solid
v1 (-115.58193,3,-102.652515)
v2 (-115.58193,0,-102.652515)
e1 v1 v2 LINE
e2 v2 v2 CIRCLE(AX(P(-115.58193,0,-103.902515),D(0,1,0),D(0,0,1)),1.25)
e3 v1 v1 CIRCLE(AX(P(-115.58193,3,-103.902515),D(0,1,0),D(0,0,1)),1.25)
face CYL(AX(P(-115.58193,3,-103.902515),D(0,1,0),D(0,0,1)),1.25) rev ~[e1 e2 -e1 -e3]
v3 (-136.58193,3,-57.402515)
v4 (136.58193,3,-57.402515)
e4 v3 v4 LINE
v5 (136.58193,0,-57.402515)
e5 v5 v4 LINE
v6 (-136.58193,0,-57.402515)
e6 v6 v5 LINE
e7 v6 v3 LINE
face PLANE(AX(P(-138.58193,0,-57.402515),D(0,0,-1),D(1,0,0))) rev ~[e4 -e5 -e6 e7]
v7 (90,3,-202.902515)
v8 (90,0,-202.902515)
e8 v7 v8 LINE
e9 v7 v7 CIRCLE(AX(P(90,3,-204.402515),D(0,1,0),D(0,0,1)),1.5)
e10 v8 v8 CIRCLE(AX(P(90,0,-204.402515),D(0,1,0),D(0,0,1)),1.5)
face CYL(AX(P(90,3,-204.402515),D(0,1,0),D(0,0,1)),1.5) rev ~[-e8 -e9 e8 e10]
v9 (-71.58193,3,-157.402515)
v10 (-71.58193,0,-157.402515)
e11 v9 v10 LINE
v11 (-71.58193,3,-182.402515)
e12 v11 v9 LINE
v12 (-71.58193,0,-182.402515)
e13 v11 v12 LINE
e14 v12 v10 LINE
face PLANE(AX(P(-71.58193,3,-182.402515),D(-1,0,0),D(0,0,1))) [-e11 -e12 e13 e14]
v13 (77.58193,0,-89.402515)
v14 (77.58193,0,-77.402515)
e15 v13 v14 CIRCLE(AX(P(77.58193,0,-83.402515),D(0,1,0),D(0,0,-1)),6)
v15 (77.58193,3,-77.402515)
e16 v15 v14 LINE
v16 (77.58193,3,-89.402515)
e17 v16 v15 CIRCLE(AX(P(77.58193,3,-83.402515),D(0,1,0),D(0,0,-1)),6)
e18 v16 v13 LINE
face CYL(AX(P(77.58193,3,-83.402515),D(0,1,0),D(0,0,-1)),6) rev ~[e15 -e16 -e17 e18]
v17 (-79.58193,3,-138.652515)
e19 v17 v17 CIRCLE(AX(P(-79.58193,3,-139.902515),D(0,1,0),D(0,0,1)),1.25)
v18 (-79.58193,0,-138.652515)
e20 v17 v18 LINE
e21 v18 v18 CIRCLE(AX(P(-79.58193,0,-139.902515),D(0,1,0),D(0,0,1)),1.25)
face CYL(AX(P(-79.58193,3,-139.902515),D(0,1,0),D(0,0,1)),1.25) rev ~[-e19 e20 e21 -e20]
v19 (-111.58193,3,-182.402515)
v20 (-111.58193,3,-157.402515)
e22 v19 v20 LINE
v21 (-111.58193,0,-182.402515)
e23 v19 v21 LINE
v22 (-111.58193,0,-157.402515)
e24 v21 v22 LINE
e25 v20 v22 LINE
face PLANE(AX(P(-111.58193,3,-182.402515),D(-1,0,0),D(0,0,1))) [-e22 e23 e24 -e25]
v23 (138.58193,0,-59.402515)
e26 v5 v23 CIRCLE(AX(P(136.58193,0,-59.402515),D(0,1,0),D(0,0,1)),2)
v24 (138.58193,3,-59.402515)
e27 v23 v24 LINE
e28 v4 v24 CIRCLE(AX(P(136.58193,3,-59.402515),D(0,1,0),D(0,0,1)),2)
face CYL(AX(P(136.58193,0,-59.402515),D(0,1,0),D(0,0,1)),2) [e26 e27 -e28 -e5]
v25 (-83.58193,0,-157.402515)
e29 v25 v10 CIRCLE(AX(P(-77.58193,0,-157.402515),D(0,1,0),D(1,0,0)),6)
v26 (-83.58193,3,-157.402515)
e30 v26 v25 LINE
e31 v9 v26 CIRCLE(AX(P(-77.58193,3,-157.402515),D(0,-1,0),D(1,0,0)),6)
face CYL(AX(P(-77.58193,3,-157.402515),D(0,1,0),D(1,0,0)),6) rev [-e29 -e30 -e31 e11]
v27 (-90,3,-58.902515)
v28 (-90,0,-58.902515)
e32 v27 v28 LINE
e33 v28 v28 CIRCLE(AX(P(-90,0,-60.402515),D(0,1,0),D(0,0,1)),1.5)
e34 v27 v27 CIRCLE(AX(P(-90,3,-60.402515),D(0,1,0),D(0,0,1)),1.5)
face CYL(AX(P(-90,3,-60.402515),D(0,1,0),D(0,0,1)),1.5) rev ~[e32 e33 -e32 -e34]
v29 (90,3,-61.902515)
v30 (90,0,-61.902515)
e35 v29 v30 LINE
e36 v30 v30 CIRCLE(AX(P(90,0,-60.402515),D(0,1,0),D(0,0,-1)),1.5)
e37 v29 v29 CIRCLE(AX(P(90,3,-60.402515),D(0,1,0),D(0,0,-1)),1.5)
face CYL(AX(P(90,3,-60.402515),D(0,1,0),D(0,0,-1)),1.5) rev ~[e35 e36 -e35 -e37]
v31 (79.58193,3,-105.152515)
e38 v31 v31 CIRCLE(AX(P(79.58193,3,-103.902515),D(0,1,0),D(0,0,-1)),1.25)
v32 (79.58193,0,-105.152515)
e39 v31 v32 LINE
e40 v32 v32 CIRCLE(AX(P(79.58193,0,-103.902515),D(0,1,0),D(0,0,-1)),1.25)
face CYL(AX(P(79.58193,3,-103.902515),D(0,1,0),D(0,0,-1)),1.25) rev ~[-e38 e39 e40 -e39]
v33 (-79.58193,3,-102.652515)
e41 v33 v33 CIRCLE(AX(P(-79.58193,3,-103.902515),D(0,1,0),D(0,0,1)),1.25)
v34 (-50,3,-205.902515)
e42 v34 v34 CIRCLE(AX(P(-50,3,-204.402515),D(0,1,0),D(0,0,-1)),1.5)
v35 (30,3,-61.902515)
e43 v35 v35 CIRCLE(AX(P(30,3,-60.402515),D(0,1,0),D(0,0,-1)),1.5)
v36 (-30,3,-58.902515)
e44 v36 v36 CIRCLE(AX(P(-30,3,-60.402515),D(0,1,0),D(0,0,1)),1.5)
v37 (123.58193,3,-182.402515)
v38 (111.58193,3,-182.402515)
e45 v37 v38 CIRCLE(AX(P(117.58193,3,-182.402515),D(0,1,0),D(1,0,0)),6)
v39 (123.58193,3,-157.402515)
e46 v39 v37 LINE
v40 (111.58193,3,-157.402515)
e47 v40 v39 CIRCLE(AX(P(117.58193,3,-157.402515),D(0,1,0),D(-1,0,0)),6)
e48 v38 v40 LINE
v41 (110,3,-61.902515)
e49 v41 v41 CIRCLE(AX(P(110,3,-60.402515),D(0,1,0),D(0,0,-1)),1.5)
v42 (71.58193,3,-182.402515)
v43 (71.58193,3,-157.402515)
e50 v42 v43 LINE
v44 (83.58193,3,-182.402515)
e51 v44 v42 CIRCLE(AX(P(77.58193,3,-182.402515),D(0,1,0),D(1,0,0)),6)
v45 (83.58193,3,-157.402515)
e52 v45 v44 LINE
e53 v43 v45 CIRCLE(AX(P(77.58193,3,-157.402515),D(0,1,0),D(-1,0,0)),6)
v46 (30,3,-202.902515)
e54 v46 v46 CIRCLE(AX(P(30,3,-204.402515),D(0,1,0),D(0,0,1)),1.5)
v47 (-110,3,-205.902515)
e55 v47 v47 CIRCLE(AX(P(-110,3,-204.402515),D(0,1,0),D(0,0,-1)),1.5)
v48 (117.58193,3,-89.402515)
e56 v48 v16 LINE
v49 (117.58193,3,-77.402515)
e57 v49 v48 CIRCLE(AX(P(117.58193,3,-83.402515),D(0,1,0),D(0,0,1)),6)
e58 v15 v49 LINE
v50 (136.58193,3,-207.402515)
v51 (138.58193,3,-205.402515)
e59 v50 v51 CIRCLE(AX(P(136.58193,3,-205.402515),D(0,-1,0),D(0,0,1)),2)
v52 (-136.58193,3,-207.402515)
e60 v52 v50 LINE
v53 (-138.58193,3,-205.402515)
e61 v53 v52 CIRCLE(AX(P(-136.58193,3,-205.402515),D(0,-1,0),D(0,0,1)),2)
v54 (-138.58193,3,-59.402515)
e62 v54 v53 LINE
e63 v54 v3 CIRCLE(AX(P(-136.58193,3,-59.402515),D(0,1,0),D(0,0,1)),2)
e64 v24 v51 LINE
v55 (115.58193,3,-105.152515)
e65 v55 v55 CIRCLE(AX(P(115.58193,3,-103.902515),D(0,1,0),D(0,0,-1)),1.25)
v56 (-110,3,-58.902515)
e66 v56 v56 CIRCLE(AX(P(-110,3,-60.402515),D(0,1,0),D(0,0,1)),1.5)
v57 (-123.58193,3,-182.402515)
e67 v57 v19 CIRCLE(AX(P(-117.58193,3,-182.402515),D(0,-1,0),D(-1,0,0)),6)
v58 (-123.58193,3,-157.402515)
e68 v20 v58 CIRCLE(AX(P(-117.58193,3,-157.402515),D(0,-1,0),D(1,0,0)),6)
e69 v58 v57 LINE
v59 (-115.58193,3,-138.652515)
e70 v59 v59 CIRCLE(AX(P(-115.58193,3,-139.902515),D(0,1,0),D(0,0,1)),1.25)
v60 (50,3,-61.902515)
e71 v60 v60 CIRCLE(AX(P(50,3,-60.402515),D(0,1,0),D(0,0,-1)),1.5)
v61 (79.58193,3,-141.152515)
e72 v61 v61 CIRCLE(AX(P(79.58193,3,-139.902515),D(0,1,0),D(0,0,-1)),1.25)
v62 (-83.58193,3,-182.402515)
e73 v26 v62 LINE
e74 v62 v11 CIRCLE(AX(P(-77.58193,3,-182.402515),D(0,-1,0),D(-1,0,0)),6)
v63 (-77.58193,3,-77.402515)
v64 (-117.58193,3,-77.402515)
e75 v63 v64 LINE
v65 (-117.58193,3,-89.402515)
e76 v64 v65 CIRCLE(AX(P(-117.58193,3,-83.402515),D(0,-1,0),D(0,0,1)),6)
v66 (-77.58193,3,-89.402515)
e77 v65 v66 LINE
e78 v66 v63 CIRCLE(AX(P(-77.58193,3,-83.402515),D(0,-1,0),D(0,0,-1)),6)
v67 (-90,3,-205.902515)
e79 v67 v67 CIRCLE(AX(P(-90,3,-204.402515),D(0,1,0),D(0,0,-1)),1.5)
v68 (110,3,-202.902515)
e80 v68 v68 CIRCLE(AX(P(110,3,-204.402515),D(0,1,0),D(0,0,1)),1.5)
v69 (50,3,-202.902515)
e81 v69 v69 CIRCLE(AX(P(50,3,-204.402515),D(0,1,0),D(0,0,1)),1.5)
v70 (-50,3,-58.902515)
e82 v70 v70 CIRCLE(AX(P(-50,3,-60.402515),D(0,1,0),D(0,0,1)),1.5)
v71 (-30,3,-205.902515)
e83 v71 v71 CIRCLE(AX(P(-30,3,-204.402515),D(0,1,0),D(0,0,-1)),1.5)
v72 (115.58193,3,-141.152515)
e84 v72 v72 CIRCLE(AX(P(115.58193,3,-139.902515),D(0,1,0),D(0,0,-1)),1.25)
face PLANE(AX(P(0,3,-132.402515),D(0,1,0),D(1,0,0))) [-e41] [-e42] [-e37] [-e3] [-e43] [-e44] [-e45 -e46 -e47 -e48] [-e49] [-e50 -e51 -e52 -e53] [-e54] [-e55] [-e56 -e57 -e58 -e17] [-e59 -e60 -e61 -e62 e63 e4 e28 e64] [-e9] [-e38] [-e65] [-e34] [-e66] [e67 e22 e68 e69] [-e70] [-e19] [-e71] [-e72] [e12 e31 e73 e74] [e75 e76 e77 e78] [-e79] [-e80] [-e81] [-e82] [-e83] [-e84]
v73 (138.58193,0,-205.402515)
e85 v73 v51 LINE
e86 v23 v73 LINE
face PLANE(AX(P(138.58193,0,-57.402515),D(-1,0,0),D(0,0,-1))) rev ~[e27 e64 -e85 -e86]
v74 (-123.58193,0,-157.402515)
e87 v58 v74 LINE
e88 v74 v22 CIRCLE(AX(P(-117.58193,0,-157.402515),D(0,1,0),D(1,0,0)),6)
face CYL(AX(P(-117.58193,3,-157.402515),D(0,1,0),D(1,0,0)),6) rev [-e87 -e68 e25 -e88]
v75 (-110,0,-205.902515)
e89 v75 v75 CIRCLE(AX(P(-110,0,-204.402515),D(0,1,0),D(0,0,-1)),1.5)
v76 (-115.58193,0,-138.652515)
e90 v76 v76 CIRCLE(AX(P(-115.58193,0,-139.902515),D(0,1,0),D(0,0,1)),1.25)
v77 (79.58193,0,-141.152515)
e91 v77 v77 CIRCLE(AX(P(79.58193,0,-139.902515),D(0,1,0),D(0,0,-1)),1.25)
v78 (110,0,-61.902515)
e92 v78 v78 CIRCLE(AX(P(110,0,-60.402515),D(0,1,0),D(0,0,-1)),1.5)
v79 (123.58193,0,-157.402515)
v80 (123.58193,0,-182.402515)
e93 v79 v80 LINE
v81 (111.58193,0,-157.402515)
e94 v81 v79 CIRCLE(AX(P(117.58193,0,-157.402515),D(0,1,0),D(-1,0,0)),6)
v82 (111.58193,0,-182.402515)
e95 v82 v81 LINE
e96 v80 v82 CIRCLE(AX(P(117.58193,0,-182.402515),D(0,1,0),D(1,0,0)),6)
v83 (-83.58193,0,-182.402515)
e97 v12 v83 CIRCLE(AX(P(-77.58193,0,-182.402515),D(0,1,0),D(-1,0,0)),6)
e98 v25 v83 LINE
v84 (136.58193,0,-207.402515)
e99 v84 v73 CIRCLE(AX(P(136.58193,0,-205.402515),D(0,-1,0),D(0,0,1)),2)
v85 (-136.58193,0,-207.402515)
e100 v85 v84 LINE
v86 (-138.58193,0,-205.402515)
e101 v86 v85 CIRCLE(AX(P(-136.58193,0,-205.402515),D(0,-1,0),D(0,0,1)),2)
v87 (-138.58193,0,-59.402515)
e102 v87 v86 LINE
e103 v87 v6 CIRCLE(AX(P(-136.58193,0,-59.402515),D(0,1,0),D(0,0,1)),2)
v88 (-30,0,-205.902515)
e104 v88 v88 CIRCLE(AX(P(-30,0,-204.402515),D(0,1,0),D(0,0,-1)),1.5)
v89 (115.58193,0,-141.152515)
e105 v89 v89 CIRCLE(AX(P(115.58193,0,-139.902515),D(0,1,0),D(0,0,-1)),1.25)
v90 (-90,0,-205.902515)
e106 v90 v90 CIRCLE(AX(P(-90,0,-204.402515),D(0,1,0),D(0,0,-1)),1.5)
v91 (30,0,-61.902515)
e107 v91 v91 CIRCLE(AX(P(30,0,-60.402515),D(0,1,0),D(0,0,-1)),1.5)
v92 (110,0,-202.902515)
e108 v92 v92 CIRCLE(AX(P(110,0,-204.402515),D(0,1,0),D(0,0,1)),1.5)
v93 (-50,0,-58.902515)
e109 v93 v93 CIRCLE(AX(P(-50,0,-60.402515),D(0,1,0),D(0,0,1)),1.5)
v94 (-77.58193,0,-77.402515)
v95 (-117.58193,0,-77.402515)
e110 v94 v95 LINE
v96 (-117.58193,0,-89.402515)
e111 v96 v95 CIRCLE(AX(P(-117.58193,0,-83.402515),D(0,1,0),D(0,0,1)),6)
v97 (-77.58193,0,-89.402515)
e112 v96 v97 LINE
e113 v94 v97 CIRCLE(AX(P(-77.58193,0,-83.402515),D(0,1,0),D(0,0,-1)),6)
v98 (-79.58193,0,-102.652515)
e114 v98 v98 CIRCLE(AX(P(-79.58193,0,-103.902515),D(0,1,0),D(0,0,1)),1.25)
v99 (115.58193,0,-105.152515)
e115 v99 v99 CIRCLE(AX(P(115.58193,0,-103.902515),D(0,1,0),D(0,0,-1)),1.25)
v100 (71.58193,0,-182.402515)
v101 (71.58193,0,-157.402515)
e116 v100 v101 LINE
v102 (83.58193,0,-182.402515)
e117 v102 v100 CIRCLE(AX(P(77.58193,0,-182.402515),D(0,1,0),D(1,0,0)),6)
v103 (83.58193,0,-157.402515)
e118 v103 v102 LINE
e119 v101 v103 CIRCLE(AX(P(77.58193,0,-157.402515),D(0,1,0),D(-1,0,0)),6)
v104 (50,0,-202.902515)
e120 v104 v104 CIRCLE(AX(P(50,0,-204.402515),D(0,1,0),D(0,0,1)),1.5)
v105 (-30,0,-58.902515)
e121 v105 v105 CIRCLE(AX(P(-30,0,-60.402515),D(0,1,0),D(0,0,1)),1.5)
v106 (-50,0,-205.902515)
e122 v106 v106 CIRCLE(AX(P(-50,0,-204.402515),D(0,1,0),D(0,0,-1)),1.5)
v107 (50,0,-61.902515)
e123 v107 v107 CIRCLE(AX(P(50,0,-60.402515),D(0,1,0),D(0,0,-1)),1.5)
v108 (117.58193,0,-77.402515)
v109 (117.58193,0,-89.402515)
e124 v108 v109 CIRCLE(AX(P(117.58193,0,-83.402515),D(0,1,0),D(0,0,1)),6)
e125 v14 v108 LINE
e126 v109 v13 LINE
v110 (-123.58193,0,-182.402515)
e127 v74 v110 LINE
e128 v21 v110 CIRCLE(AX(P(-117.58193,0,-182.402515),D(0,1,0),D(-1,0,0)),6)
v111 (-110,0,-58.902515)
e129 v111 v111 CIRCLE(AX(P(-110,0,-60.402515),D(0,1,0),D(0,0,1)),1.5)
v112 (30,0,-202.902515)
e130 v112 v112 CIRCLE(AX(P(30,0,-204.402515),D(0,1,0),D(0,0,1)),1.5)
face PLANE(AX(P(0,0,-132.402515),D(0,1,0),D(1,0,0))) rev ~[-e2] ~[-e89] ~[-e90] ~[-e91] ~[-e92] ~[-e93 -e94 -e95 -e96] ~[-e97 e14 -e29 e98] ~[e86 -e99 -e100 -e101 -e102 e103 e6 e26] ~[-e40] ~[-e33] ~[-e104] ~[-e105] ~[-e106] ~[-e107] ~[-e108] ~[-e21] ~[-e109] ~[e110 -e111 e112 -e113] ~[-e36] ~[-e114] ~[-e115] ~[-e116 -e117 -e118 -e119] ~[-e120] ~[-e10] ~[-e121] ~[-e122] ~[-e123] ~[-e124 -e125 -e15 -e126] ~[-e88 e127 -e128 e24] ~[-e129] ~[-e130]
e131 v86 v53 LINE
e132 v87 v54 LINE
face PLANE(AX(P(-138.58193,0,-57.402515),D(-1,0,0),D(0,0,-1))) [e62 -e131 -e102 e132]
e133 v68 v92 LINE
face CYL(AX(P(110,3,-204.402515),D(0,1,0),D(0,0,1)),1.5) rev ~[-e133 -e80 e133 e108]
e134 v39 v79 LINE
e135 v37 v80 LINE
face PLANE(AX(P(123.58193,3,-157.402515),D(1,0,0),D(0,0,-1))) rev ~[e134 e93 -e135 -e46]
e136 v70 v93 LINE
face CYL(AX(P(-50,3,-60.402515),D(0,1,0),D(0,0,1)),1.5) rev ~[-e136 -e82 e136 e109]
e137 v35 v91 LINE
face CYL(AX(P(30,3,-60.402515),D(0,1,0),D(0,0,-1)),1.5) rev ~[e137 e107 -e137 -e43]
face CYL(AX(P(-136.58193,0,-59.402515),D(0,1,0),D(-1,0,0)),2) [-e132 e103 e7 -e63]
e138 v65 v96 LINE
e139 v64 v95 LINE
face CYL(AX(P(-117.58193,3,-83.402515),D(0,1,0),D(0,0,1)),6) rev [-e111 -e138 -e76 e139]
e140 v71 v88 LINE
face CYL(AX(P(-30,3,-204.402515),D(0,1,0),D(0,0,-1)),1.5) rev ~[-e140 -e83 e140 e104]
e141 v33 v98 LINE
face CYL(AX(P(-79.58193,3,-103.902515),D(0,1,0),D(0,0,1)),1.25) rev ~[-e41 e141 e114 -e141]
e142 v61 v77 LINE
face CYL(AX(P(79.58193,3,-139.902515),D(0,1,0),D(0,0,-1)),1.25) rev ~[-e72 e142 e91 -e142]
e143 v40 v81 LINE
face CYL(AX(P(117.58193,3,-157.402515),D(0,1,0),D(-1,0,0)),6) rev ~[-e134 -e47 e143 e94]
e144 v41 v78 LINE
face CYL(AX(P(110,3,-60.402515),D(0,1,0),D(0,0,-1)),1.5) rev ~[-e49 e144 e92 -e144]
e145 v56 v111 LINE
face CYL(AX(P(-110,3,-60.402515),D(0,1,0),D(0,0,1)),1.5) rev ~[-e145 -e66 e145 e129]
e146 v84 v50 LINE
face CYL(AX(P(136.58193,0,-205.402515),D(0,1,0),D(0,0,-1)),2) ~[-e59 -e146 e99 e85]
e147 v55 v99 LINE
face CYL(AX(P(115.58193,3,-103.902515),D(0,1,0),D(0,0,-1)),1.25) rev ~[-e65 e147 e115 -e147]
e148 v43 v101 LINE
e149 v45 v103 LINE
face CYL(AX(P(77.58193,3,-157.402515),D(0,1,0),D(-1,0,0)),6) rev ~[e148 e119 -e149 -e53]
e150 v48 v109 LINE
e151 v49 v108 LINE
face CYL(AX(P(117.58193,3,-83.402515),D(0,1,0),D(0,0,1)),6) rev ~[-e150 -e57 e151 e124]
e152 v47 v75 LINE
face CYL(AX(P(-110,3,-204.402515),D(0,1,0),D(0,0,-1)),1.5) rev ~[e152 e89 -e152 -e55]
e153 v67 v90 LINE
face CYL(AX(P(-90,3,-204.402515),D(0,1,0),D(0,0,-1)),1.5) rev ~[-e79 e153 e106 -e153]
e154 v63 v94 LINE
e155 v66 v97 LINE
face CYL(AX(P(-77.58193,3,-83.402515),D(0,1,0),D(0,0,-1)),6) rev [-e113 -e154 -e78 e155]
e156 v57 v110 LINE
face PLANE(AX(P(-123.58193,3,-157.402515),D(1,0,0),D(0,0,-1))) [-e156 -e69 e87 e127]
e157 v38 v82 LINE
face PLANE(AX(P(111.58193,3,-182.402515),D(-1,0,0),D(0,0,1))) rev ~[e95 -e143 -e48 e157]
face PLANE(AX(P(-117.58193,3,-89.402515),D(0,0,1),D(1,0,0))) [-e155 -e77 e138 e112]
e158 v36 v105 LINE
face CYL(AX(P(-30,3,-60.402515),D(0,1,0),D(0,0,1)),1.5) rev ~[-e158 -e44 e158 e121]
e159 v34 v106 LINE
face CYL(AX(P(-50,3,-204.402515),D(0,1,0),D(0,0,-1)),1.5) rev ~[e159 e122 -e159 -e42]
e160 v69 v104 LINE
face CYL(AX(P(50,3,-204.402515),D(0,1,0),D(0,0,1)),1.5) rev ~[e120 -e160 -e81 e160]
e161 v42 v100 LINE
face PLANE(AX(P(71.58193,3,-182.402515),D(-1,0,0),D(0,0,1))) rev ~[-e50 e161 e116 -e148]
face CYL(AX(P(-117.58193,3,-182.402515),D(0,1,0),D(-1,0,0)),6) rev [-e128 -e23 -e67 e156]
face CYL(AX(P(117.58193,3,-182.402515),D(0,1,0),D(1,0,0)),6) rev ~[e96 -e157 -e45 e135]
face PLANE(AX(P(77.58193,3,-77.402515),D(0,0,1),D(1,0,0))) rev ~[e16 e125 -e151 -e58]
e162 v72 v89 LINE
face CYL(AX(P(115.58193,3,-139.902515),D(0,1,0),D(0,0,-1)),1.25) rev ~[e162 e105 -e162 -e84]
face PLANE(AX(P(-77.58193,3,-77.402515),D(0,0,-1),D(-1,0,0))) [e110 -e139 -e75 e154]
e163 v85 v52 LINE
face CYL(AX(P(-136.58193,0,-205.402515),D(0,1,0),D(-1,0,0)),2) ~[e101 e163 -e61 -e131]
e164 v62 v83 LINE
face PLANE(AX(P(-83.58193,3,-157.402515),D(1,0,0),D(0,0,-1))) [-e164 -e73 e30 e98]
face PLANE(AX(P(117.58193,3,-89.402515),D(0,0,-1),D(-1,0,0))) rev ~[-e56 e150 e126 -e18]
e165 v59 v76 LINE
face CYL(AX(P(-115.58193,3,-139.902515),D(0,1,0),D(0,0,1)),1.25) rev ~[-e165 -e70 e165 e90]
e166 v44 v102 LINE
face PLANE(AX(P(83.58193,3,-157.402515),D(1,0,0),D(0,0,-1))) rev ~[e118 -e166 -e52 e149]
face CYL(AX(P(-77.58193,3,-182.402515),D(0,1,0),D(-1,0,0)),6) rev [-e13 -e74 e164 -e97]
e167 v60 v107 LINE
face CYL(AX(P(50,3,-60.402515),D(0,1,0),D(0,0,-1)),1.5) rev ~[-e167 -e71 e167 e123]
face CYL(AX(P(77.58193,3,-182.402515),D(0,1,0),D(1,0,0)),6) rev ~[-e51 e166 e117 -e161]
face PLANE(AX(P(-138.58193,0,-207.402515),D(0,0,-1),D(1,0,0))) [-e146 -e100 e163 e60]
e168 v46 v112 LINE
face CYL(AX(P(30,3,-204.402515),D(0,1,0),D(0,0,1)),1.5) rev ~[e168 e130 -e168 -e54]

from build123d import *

# Parameters (mm, degrees)
SKETCH_1_W             = 277.163859754
SKETCH_1_H             = 150
EXTRUDE_1_DEPTH        = 3
SKETCH_2_R             = 1.5
CUT_EXTRUDE_1_DEPTH    = 10
CUT_EXTRUDE_2_DEPTH    = 10
FILLET_1_R             = 2
SKETCH_4_R             = 1.25
CUT_EXTRUDE_2556_DEPTH = 10


with BuildPart() as part:
    # 草图1 → 凸台-拉伸1 (new body)
    with BuildSketch(Plane(origin=(0, 0, 0), x_dir=(1, 0, 0), z_dir=(0, 1, 0))):
        with Locations((0, 132.402514855)):
            Rectangle(SKETCH_1_W, SKETCH_1_H)
    extrude(amount=EXTRUDE_1_DEPTH)

    # 草图2 → 切除-拉伸1 (cut)
    with BuildSketch(Plane(origin=(0, 3, 0), x_dir=(1, 0, 0), z_dir=(0, 1, 0))):
        with Locations(Location((-50, 60.402514855, 0), (0, 0, 270))):
            Circle(SKETCH_2_R)
        with Locations(Location((-30, 60.402514855, 0), (0, 0, 270))):
            Circle(SKETCH_2_R)
        with Locations(Location((-110, 60.402514855, 0), (0, 0, 270))):
            Circle(SKETCH_2_R)
        with Locations(Location((-90, 60.402514855, 0), (0, 0, 270))):
            Circle(SKETCH_2_R)
        with Locations(Location((90, 60.402514855, 0), (0, 0, 90))):
            Circle(SKETCH_2_R)
        with Locations(Location((110, 60.402514855, 0), (0, 0, 90))):
            Circle(SKETCH_2_R)
        with Locations(Location((30, 60.402514855, 0), (0, 0, 90))):
            Circle(SKETCH_2_R)
        with Locations(Location((50, 60.402514855, 0), (0, 0, 90))):
            Circle(SKETCH_2_R)
        with Locations(Location((50, 204.402514855, 0), (0, 0, 270))):
            Circle(SKETCH_2_R)
        with Locations(Location((30, 204.402514855, 0), (0, 0, 270))):
            Circle(SKETCH_2_R)
        with Locations(Location((110, 204.402514855, 0), (0, 0, 270))):
            Circle(SKETCH_2_R)
        with Locations(Location((90, 204.402514855, 0), (0, 0, 270))):
            Circle(SKETCH_2_R)
        with Locations(Location((-90, 204.402514855, 0), (0, 0, 90))):
            Circle(SKETCH_2_R)
        with Locations(Location((-110, 204.402514855, 0), (0, 0, 90))):
            Circle(SKETCH_2_R)
        with Locations(Location((-30, 204.402514855, 0), (0, 0, 90))):
            Circle(SKETCH_2_R)
        with Locations(Location((-50, 204.402514855, 0), (0, 0, 90))):
            Circle(SKETCH_2_R)
    extrude(amount=-CUT_EXTRUDE_1_DEPTH, mode=Mode.SUBTRACT)

    # 草图3 → 切除-拉伸2 (cut)
    with BuildSketch(Plane(origin=(0, 3, 0), x_dir=(1, 0, 0), z_dir=(0, 1, 0))):
        with BuildLine():
            Line((-117.581929877, 89.402514855), (-77.581929877, 89.402514855))
            ThreePointArc((-77.581929877, 89.402514855), (-71.581929877, 83.402514855), (-77.581929877, 77.402514855))
            Line((-77.581929877, 77.402514855), (-117.581929877, 77.402514855))
            ThreePointArc((-117.581929877, 77.402514855), (-123.581929877, 83.402514855), (-117.581929877, 89.402514855))
        make_face()
        with BuildLine():
            Line((-111.581929877, 182.402514855), (-111.581929877, 157.402514855))
            ThreePointArc((-111.581929877, 157.402514855), (-117.581929877, 151.402514855), (-123.581929877, 157.402514855))
            Line((-123.581929877, 157.402514855), (-123.581929877, 182.402514855))
            ThreePointArc((-123.581929877, 182.402514855), (-117.581929877, 188.402514855), (-111.581929877, 182.402514855))
        make_face()
        with BuildLine():
            Line((-71.581929877, 182.402514855), (-71.581929877, 157.402514855))
            ThreePointArc((-71.581929877, 157.402514855), (-77.581929877, 151.402514855), (-83.581929877, 157.402514855))
            Line((-83.581929877, 157.402514855), (-83.581929877, 182.402514855))
            ThreePointArc((-83.581929877, 182.402514855), (-77.581929877, 188.402514855), (-71.581929877, 182.402514855))
        make_face()
        with BuildLine():
            Line((117.581929877, 89.402514855), (77.581929877, 89.402514855))
            ThreePointArc((77.581929877, 89.402514855), (71.581929877, 83.402514855), (77.581929877, 77.402514855))
            Line((77.581929877, 77.402514855), (117.581929877, 77.402514855))
            ThreePointArc((117.581929877, 77.402514855), (123.581929877, 83.402514855), (117.581929877, 89.402514855))
        make_face()
        with BuildLine():
            Line((111.581929877, 182.402514855), (111.581929877, 157.402514855))
            ThreePointArc((111.581929877, 157.402514855), (117.581929877, 151.402514855), (123.581929877, 157.402514855))
            Line((123.581929877, 157.402514855), (123.581929877, 182.402514855))
            ThreePointArc((123.581929877, 182.402514855), (117.581929877, 188.402514855), (111.581929877, 182.402514855))
        make_face()
        with BuildLine():
            Line((71.581929877, 182.402514855), (71.581929877, 157.402514855))
            ThreePointArc((71.581929877, 157.402514855), (77.581929877, 151.402514855), (83.581929877, 157.402514855))
            Line((83.581929877, 157.402514855), (83.581929877, 182.402514855))
            ThreePointArc((83.581929877, 182.402514855), (77.581929877, 188.402514855), (71.581929877, 182.402514855))
        make_face()
    extrude(amount=-CUT_EXTRUDE_2_DEPTH, mode=Mode.SUBTRACT)

    # 圆角1
    fillet_1_edges = [part.edges().sort_by_distance(p)[0] for p in [
        (-138.581929877, 1.5, -207.402514855),
        (138.581929877, 1.5, -207.402514855),
        (138.581929877, 1.5, -57.402514855),
        (-138.581929877, 1.5, -57.402514855),
    ]]
    fillet(fillet_1_edges, radius=FILLET_1_R)

    # 草图4 → Cut-Extrude 2556 (cut)
    with BuildSketch(Plane(origin=(0, 3, 0), x_dir=(1, 0, 0), z_dir=(0, 1, 0))):
        with Locations(Location((-115.581929877, 139.902514855, 0), (0, 0, 270))):
            Circle(SKETCH_4_R)
        with Locations(Location((-79.581929877, 139.902514855, 0), (0, 0, 270))):
            Circle(SKETCH_4_R)
        with Locations(Location((-79.581929877, 103.902514855, 0), (0, 0, 270))):
            Circle(SKETCH_4_R)
        with Locations(Location((-115.581929877, 103.902514855, 0), (0, 0, 270))):
            Circle(SKETCH_4_R)
        with Locations(Location((115.581929877, 103.902514855, 0), (0, 0, 90))):
            Circle(SKETCH_4_R)
        with Locations(Location((79.581929877, 103.902514855, 0), (0, 0, 90))):
            Circle(SKETCH_4_R)
        with Locations(Location((79.581929877, 139.902514855, 0), (0, 0, 90))):
            Circle(SKETCH_4_R)
        with Locations(Location((115.581929877, 139.902514855, 0), (0, 0, 90))):
            Circle(SKETCH_4_R)
    extrude(amount=-CUT_EXTRUDE_2556_DEPTH, mode=Mode.SUBTRACT)


solid = part.part
